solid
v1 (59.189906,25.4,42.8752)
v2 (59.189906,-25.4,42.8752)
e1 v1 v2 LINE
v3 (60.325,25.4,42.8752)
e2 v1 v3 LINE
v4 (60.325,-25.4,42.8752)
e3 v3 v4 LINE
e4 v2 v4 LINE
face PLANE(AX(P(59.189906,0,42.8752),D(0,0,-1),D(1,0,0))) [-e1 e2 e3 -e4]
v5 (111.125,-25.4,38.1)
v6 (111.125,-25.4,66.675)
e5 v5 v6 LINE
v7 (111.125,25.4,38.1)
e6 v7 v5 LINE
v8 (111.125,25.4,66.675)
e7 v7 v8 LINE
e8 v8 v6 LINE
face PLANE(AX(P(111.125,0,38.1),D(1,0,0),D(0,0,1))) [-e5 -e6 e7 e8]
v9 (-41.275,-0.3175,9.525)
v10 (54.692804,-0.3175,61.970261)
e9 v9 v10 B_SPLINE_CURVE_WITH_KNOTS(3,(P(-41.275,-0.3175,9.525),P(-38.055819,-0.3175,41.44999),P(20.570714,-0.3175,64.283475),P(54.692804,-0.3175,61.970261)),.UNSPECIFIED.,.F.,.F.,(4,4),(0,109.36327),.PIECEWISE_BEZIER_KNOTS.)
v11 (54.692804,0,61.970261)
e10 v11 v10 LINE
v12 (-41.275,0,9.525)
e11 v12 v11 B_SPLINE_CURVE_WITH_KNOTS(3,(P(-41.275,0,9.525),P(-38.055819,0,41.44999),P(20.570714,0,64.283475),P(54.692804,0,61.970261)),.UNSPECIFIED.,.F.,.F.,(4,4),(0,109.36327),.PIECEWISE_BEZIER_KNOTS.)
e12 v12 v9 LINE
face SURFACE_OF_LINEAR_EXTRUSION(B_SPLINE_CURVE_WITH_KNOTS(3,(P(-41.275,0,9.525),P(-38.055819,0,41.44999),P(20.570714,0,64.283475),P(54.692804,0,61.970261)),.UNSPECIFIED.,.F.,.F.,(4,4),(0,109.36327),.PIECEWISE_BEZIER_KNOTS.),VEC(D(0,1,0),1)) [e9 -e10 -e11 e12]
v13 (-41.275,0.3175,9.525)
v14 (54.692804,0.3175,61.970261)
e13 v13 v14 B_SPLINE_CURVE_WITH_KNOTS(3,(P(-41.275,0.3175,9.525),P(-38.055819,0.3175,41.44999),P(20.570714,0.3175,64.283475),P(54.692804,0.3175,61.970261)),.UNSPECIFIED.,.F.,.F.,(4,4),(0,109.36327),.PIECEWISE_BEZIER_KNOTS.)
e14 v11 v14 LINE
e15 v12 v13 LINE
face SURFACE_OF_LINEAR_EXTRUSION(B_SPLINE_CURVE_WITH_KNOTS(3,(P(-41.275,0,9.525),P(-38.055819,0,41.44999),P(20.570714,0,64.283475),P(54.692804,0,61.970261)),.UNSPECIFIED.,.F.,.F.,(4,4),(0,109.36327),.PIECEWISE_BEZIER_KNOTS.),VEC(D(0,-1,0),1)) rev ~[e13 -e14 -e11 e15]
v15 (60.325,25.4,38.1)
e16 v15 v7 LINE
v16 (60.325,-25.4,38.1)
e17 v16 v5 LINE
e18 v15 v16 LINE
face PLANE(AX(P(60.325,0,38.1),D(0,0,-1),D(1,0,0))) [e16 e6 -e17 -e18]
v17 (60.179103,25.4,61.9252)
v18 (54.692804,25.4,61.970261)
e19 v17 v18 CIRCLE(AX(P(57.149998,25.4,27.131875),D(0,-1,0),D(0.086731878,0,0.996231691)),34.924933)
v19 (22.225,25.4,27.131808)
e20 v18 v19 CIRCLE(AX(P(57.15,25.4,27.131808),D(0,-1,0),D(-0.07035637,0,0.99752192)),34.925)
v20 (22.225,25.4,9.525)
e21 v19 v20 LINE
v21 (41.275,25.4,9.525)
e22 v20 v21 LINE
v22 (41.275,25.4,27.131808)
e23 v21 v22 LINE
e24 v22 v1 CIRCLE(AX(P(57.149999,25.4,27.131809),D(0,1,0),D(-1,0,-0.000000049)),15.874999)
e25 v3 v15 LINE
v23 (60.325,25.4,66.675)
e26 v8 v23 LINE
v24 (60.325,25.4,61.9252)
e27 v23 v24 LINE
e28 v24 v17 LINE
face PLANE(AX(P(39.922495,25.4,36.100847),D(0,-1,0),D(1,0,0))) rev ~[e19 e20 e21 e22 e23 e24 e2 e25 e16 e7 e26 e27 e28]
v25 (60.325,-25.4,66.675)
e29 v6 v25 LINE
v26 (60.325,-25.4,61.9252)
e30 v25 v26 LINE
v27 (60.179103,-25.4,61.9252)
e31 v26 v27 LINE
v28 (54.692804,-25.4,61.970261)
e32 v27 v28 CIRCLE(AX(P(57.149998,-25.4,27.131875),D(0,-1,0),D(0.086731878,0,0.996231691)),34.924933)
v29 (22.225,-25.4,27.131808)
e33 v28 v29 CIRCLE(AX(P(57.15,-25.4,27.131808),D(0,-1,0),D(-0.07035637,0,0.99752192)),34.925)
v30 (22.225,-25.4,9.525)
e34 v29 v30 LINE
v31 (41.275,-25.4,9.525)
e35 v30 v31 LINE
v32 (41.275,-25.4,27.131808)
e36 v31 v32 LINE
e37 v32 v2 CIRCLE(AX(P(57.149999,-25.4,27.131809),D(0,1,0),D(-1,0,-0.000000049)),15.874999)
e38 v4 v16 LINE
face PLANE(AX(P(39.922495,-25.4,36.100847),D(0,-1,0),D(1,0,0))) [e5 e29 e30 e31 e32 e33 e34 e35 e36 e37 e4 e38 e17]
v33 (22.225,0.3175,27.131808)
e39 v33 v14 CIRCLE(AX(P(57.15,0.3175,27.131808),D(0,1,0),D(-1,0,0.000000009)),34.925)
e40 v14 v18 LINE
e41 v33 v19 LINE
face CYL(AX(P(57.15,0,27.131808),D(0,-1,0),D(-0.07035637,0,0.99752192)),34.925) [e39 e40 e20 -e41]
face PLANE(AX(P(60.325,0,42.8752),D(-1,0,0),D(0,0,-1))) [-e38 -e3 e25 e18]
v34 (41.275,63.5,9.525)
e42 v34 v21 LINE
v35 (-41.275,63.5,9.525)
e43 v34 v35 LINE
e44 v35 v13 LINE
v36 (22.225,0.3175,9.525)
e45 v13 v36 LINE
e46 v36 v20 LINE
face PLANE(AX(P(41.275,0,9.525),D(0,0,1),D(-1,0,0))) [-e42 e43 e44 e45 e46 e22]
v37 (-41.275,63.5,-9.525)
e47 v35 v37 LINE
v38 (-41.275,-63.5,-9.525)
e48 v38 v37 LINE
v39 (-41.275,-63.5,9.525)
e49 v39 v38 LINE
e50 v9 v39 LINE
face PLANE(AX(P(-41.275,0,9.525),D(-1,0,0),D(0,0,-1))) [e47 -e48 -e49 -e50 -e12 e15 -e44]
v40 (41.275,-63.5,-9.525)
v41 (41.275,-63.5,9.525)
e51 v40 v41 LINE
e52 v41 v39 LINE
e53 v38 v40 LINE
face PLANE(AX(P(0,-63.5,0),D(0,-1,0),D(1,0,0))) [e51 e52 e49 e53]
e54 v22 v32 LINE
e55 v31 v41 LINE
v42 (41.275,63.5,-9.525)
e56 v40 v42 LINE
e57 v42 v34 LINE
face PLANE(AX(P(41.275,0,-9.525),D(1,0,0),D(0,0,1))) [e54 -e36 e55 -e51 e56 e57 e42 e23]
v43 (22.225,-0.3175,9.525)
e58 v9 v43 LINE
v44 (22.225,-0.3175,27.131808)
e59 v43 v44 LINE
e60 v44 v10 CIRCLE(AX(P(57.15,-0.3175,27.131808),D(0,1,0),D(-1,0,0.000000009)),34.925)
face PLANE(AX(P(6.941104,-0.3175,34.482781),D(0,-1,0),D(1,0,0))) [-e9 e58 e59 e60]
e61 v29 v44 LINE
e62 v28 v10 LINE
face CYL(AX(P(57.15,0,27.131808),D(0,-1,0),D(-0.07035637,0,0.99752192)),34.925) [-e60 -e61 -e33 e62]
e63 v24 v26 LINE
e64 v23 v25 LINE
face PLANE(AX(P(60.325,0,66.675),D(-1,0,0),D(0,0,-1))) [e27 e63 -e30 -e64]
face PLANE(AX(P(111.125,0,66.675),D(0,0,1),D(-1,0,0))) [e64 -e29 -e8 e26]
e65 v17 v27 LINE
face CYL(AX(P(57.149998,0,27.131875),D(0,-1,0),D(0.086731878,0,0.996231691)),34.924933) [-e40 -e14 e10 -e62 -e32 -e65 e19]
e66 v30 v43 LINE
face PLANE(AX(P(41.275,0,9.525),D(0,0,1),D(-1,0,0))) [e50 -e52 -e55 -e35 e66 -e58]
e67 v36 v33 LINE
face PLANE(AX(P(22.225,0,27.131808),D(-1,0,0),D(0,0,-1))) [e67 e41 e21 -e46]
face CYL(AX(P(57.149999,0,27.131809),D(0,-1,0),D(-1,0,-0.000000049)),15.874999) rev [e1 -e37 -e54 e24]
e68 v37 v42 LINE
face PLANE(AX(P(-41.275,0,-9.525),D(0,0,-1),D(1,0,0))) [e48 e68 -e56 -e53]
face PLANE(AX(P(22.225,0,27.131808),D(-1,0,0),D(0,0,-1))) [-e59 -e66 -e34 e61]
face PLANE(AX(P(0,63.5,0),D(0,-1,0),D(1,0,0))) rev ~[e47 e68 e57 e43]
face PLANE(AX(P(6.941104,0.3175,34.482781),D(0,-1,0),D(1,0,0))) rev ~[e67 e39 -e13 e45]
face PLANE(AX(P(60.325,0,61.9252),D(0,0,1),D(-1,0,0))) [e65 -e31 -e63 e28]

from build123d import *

# Parameters (mm, degrees)
F1_DEPTH = 63.5
F2_DEPTH = 25.4
F3_DEPTH = 0.3175


with BuildPart() as f1:
    # F0 (on Front) → F1 (new body, symmetric)
    with BuildSketch(Plane.XZ):
        Polygon((41.275, -9.525), (41.275, 9.525), (22.225, 9.525), (-41.275, 9.525), (-41.275, -9.525), align=None)
    extrude(amount=F1_DEPTH, both=True)

    # F0 (on Front) → F2 (join, symmetric)
    with BuildSketch(Plane.XZ):
        with BuildLine():
            Line((22.225, 9.525), (41.275, 9.525))
            Line((41.275, 9.525), (41.275, 27.131808))
            ThreePointArc((41.275, 27.131808), (46.670684, 39.056554), (59.189906, 42.8752))
            Line((59.189906, 42.8752), (60.325, 42.8752))
            Line((60.325, 42.8752), (60.325, 61.9252))
            Line((60.325, 61.9252), (60.179103, 61.9252))
            ThreePointArc((60.179103, 61.9252), (57.43684, 62.05563), (54.692804, 61.970261))
            ThreePointArc((54.692804, 61.970261), (31.600311, 50.942919), (22.225, 27.131808))
            Line((22.225, 27.131808), (22.225, 9.525))
        make_face()
        Polygon((60.325, 61.9252), (60.325, 42.8752), (60.325, 38.1), (111.125, 38.1), (111.125, 66.675), (60.325, 66.675), align=None)
    extrude(amount=F2_DEPTH, both=True)

    # F0 (on Front) → F3 (join, symmetric)
    with BuildSketch(Plane.XZ):
        with BuildLine():
            Line((-41.275, 9.525), (22.225, 9.525))
            Line((22.225, 9.525), (22.225, 27.131808))
            ThreePointArc((22.225, 27.131808), (31.600311, 50.942919), (54.692804, 61.970261))
            add(Edge.make_bspline(
                [(-41.275, 9.525), (-38.055819, 41.44999), (20.570714, 64.283475), (54.692804, 61.970261)],
                knots=[0, 0, 0, 0, 109.36327, 109.36327, 109.36327, 109.36327], degree=3))
        make_face()
    extrude(amount=F3_DEPTH, both=True)


solid = f1.part
